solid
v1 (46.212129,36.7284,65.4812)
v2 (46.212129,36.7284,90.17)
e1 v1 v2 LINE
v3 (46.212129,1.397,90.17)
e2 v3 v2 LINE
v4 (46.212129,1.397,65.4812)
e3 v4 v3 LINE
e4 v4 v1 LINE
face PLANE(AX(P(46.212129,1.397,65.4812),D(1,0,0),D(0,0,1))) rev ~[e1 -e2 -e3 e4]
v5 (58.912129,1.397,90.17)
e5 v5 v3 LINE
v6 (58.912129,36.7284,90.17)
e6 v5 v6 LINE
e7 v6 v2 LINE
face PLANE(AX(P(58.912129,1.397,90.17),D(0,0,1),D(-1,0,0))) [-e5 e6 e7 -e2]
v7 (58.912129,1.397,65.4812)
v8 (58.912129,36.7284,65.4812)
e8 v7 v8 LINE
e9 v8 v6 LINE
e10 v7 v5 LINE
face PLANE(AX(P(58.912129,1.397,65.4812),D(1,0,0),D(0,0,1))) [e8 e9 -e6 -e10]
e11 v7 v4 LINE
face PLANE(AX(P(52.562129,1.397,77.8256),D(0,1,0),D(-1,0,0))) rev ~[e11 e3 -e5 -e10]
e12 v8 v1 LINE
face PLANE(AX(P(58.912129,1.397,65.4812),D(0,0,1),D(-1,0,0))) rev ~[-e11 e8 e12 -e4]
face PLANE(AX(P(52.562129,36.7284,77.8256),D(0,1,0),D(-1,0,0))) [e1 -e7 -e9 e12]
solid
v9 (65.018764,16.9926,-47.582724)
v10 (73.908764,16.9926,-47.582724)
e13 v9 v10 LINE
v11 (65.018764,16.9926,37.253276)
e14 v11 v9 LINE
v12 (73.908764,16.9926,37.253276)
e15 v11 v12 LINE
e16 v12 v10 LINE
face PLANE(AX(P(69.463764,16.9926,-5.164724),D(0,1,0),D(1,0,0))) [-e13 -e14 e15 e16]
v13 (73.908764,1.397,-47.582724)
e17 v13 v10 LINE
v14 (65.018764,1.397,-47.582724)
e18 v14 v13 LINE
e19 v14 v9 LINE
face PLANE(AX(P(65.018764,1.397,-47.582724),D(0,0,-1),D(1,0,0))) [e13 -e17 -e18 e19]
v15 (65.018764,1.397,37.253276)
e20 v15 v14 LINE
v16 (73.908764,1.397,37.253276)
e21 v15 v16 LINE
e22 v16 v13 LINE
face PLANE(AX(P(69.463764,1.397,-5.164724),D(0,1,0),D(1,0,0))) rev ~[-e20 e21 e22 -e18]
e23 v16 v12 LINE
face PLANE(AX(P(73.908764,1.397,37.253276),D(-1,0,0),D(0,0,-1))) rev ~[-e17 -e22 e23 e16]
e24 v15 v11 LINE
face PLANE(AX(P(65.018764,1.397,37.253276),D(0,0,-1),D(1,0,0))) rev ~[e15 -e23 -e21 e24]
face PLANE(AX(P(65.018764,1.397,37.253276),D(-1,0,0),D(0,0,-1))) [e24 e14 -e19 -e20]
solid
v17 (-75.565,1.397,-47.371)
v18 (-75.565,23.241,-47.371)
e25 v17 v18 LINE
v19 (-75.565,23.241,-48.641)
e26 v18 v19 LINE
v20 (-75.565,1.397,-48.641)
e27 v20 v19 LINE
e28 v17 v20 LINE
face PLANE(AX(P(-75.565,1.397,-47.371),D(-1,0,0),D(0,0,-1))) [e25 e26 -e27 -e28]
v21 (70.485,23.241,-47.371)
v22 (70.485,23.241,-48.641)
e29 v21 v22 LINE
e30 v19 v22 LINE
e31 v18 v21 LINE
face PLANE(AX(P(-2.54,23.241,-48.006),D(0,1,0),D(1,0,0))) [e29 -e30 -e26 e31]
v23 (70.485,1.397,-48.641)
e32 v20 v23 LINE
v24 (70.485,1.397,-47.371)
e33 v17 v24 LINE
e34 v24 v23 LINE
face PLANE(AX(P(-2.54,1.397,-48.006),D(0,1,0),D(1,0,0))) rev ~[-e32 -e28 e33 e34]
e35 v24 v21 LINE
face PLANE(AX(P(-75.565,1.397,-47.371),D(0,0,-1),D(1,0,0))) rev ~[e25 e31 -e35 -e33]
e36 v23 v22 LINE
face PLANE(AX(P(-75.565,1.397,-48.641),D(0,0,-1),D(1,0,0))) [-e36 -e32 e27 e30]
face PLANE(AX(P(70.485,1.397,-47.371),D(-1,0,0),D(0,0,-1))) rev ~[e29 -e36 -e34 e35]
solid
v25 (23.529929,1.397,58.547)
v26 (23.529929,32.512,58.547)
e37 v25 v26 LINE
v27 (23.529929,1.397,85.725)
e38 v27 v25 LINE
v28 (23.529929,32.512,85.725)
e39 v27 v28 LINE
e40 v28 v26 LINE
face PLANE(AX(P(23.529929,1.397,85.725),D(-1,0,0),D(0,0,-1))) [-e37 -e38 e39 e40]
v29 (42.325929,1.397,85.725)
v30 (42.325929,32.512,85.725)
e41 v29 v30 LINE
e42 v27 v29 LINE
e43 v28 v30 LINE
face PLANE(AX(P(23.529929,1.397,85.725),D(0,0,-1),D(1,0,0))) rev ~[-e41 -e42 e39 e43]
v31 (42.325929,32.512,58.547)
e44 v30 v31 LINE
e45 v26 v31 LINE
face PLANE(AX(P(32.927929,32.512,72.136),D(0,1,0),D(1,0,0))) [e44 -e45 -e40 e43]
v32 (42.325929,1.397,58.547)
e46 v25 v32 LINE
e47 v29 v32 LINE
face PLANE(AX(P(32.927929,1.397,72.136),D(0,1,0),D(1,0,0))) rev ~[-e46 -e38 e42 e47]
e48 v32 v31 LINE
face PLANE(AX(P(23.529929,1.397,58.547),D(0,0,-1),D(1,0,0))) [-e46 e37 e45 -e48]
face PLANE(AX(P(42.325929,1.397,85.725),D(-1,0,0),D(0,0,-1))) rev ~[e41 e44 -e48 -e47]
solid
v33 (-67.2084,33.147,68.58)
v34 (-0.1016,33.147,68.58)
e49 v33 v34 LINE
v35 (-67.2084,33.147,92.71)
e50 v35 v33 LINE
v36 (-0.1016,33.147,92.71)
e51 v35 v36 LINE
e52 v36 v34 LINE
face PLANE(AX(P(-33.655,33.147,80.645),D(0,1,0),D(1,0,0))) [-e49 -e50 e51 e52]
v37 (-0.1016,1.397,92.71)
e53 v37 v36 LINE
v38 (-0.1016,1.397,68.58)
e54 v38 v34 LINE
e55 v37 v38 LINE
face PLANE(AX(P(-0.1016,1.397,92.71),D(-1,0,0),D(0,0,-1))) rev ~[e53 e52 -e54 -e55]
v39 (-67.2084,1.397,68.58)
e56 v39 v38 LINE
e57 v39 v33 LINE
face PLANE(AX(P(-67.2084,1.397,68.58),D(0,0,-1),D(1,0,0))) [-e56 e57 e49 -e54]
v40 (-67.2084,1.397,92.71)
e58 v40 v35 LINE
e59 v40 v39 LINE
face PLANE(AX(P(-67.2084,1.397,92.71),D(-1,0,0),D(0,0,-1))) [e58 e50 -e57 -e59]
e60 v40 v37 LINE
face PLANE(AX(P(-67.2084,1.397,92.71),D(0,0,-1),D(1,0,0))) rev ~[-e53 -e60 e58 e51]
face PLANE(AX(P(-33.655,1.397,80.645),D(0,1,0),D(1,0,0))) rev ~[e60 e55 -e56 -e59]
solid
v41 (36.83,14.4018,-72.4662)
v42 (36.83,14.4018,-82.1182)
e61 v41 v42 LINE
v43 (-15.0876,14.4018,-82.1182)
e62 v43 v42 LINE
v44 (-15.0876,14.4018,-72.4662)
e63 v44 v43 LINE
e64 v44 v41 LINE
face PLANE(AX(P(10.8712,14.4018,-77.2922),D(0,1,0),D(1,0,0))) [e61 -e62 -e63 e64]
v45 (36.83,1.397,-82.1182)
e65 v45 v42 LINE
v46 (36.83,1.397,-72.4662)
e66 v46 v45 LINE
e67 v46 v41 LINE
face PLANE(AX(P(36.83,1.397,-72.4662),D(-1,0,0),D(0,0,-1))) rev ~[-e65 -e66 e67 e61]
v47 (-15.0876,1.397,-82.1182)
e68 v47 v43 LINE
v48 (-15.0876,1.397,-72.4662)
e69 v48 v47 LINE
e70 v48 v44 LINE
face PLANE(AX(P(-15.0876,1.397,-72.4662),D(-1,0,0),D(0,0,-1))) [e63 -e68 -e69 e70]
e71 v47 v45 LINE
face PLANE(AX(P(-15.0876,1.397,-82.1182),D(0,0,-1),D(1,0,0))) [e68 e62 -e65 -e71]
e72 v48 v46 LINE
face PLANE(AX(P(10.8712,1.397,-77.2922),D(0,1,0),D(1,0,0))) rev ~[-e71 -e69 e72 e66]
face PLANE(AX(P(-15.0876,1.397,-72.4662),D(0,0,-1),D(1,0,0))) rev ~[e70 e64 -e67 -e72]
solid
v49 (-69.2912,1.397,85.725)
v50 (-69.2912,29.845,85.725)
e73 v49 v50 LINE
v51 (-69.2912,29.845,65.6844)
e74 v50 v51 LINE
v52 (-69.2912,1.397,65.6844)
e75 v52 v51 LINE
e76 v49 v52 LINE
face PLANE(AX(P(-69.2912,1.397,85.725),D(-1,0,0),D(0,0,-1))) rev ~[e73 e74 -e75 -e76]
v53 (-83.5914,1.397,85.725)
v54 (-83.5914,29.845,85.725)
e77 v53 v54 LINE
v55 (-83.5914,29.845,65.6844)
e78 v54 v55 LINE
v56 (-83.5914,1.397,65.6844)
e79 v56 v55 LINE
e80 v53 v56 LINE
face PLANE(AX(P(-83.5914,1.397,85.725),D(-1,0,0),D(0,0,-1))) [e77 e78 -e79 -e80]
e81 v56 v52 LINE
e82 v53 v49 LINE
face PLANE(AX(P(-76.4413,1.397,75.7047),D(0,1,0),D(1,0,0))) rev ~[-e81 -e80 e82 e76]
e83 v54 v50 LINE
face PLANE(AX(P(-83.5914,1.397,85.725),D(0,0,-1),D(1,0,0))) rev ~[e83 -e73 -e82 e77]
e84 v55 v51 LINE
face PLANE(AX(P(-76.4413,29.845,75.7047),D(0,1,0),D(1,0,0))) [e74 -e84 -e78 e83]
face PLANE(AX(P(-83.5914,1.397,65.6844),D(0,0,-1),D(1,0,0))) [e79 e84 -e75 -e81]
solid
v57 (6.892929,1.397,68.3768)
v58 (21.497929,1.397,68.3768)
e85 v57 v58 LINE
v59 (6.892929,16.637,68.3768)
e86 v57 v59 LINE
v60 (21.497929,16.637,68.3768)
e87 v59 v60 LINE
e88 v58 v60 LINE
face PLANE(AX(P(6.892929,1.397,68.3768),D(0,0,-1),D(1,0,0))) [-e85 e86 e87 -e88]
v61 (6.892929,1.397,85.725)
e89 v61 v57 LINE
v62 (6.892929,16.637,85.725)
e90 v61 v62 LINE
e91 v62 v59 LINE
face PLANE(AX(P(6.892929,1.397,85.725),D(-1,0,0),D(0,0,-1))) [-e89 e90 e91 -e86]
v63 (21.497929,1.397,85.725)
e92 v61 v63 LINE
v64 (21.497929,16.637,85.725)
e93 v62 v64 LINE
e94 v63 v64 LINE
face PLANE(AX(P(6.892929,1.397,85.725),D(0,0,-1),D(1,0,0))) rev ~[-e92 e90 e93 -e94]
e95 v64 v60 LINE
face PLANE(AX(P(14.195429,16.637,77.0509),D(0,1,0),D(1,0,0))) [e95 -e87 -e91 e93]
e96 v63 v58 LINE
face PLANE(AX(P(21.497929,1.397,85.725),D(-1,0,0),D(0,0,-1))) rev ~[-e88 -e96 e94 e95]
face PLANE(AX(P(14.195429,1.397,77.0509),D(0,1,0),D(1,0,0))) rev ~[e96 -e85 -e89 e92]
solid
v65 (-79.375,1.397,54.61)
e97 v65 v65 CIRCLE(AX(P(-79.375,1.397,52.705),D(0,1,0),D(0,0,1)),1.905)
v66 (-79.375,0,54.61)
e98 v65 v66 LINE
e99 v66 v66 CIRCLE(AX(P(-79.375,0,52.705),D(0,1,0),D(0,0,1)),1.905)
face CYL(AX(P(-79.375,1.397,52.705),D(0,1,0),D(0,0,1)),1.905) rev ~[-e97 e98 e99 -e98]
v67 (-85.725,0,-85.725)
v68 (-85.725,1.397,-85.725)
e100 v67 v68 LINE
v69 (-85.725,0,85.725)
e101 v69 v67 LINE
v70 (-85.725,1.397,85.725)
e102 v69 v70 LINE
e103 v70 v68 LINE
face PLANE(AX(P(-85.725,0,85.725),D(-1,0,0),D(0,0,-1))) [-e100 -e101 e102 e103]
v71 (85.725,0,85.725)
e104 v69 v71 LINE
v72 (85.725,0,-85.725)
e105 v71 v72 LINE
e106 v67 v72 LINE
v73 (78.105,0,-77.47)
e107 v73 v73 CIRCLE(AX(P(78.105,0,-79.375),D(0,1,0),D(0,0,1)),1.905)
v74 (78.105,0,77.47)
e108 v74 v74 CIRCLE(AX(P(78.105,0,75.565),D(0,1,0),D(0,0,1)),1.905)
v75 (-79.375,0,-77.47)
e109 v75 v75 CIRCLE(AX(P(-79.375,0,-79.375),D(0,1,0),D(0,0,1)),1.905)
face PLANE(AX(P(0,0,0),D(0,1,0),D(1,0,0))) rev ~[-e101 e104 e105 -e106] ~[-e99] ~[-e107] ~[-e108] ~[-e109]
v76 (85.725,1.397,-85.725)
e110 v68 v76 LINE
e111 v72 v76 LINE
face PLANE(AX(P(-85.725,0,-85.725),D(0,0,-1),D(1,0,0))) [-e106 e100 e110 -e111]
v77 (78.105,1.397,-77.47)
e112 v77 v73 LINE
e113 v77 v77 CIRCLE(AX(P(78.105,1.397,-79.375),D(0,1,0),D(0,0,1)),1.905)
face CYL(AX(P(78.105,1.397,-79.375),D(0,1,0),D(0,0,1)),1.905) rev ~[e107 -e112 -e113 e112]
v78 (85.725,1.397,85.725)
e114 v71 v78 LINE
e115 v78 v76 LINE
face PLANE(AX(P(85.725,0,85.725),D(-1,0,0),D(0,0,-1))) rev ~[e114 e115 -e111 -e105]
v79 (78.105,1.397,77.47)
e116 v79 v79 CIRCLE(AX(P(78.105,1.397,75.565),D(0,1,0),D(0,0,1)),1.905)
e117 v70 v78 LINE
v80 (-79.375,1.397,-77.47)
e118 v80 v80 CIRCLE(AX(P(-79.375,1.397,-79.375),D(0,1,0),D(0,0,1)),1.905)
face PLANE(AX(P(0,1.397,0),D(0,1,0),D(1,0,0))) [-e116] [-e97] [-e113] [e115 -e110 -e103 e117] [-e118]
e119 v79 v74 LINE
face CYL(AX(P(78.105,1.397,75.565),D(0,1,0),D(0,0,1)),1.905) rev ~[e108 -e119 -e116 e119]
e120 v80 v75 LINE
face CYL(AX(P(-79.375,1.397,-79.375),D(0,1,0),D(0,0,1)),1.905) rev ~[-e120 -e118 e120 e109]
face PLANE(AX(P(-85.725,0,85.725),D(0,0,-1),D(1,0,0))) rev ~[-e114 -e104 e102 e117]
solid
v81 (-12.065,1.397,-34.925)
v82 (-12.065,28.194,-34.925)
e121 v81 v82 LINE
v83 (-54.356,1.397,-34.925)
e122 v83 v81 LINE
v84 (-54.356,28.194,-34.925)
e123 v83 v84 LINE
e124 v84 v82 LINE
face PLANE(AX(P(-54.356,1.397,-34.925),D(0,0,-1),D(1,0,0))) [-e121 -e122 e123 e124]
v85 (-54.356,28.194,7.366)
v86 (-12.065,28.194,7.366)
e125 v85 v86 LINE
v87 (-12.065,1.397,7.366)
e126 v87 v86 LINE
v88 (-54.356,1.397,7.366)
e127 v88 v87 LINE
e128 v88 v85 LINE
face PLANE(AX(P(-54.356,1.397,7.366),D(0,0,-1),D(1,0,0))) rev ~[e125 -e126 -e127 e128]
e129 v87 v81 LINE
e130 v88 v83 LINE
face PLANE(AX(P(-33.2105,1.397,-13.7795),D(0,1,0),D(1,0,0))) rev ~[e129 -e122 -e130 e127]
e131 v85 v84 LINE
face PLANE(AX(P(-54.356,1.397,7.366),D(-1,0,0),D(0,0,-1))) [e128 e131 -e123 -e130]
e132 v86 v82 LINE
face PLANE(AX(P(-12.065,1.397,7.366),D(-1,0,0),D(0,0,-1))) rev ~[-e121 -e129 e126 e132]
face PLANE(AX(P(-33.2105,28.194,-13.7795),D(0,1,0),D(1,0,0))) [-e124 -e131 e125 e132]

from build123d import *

# Parameters (mm, degrees)
SKETCH1_W           = 171.45
SKETCH1_H           = 171.45
PCB_DEPTH           = 1.397
SKETCH2_W           = 14.3002
SKETCH2_H           = 20.0406
PS2_DEPTH           = 28.448
SKETCH3_W           = 67.1068
SKETCH3_H           = 24.13
VGA_DEPTH           = 31.75
SKETCH4_W           = 14.605
SKETCH4_H           = 17.3482
USB_DEPTH           = 15.24
SKETCH5_W           = 18.796
SKETCH5_H           = 27.178
ETHERNETUSB_DEPTH   = 31.115
SKETCH6_W           = 12.7
SKETCH6_H           = 24.6888
AUDIO_DEPTH         = 35.3314
SKETCH7_W           = 42.291
SKETCH7_H           = 42.291
HEATSINK_DEPTH      = 26.797
SKETCH8_W           = 8.89
SKETCH8_H           = 84.836
BOSS_EXTRUDE8_DEPTH = 15.5956
SKETCH9_W           = 51.9176
SKETCH9_H           = 9.652
BOSS_EXTRUDE9_DEPTH = 13.0048
SKETCH10_R          = 1.905
HOLES_DEPTH         = 132.119134954
SKETCH11_W          = 146.05
SKETCH11_H          = 1.27
RAM_DEPTH           = 21.844


with BuildPart() as part:
    # Sketch1 → PCB (new body)
    with BuildSketch(Plane(origin=(0, 0, 0), x_dir=(1, 0, 0), z_dir=(0, 1, 0))):
        Rectangle(SKETCH1_W, SKETCH1_H)
    extrude(amount=PCB_DEPTH)

    # Sketch10 → Holes (cut, through all)
    with BuildSketch(Plane(origin=(0, 1.397, 0), x_dir=(1, 0, 0), z_dir=(0, 1, 0))):
        with Locations(Location((-79.375, 79.375, 0), (0, 0, 270))):
            Circle(SKETCH10_R)
        with Locations(Location((78.105, 79.375, 0), (0, 0, 270))):
            Circle(SKETCH10_R)
        with Locations(Location((78.105, -75.565, 0), (0, 0, 270))):
            Circle(SKETCH10_R)
        with Locations(Location((-79.375, -52.705, 0), (0, 0, 270))):
            Circle(SKETCH10_R)
    extrude(amount=-HOLES_DEPTH, mode=Mode.SUBTRACT)


with BuildPart() as body_2:
    # Sketch2 → PS2 (new body)
    with BuildSketch(Plane(origin=(0, 1.397, 0), x_dir=(1, 0, 0), z_dir=(0, 1, 0))):
        with Locations((-76.4413, -75.7047)):
            Rectangle(SKETCH2_W, SKETCH2_H)
    extrude(amount=PS2_DEPTH)


with BuildPart() as body_3:
    # Sketch3 → VGA (new body)
    with BuildSketch(Plane(origin=(0, 1.397, 0), x_dir=(1, 0, 0), z_dir=(0, 1, 0))):
        with Locations((-33.655, -80.645)):
            Rectangle(SKETCH3_W, SKETCH3_H)
    extrude(amount=VGA_DEPTH)


with BuildPart() as body_4:
    # Sketch4 → USB (new body)
    with BuildSketch(Plane(origin=(0, 1.397, 0), x_dir=(1, 0, 0), z_dir=(0, 1, 0))):
        with Locations((14.195428723, -77.0509)):
            Rectangle(SKETCH4_W, SKETCH4_H)
    extrude(amount=USB_DEPTH)


with BuildPart() as body_5:
    # Sketch5 → EthernetUSB (new body)
    with BuildSketch(Plane(origin=(0, 1.397, 0), x_dir=(1, 0, 0), z_dir=(0, 1, 0))):
        with Locations((32.927928723, -72.136)):
            Rectangle(SKETCH5_W, SKETCH5_H)
    extrude(amount=ETHERNETUSB_DEPTH)


with BuildPart() as body_6:
    # Sketch6 → Audio (new body)
    with BuildSketch(Plane(origin=(0, 1.397, 0), x_dir=(-1, 0, 0), z_dir=(0, 1, 0))):
        with Locations((-52.562128723, 77.8256)):
            Rectangle(SKETCH6_W, SKETCH6_H)
    extrude(amount=AUDIO_DEPTH)


with BuildPart() as body_7:
    # Sketch7 → Heatsink (new body)
    with BuildSketch(Plane(origin=(0, 1.397, 0), x_dir=(1, 0, 0), z_dir=(0, 1, 0))):
        with Locations((-33.2105, 13.7795)):
            Rectangle(SKETCH7_W, SKETCH7_H)
    extrude(amount=HEATSINK_DEPTH)


with BuildPart() as body_8:
    # Sketch8 → Boss-Extrude8 (new body)
    with BuildSketch(Plane(origin=(0, 1.397, 0), x_dir=(1, 0, 0), z_dir=(0, 1, 0))):
        with Locations((69.463763958, 5.164723832)):
            Rectangle(SKETCH8_W, SKETCH8_H)
    extrude(amount=BOSS_EXTRUDE8_DEPTH)


with BuildPart() as body_9:
    # Sketch9 → Boss-Extrude9 (new body)
    with BuildSketch(Plane(origin=(0, 1.397, 0), x_dir=(1, 0, 0), z_dir=(0, 1, 0))):
        with Locations((10.8712, 77.2922)):
            Rectangle(SKETCH9_W, SKETCH9_H)
    extrude(amount=BOSS_EXTRUDE9_DEPTH)


with BuildPart() as body_10:
    # Sketch11 → RAM (new body)
    with BuildSketch(Plane(origin=(0, 1.397, 0), x_dir=(1, 0, 0), z_dir=(0, 1, 0))):
        with Locations((-2.54, 48.006)):
            Rectangle(SKETCH11_W, SKETCH11_H)
    extrude(amount=RAM_DEPTH)


solid = Compound([part.part, body_2.part, body_3.part, body_4.part, body_5.part, body_6.part, body_7.part, body_8.part, body_9.part, body_10.part])
